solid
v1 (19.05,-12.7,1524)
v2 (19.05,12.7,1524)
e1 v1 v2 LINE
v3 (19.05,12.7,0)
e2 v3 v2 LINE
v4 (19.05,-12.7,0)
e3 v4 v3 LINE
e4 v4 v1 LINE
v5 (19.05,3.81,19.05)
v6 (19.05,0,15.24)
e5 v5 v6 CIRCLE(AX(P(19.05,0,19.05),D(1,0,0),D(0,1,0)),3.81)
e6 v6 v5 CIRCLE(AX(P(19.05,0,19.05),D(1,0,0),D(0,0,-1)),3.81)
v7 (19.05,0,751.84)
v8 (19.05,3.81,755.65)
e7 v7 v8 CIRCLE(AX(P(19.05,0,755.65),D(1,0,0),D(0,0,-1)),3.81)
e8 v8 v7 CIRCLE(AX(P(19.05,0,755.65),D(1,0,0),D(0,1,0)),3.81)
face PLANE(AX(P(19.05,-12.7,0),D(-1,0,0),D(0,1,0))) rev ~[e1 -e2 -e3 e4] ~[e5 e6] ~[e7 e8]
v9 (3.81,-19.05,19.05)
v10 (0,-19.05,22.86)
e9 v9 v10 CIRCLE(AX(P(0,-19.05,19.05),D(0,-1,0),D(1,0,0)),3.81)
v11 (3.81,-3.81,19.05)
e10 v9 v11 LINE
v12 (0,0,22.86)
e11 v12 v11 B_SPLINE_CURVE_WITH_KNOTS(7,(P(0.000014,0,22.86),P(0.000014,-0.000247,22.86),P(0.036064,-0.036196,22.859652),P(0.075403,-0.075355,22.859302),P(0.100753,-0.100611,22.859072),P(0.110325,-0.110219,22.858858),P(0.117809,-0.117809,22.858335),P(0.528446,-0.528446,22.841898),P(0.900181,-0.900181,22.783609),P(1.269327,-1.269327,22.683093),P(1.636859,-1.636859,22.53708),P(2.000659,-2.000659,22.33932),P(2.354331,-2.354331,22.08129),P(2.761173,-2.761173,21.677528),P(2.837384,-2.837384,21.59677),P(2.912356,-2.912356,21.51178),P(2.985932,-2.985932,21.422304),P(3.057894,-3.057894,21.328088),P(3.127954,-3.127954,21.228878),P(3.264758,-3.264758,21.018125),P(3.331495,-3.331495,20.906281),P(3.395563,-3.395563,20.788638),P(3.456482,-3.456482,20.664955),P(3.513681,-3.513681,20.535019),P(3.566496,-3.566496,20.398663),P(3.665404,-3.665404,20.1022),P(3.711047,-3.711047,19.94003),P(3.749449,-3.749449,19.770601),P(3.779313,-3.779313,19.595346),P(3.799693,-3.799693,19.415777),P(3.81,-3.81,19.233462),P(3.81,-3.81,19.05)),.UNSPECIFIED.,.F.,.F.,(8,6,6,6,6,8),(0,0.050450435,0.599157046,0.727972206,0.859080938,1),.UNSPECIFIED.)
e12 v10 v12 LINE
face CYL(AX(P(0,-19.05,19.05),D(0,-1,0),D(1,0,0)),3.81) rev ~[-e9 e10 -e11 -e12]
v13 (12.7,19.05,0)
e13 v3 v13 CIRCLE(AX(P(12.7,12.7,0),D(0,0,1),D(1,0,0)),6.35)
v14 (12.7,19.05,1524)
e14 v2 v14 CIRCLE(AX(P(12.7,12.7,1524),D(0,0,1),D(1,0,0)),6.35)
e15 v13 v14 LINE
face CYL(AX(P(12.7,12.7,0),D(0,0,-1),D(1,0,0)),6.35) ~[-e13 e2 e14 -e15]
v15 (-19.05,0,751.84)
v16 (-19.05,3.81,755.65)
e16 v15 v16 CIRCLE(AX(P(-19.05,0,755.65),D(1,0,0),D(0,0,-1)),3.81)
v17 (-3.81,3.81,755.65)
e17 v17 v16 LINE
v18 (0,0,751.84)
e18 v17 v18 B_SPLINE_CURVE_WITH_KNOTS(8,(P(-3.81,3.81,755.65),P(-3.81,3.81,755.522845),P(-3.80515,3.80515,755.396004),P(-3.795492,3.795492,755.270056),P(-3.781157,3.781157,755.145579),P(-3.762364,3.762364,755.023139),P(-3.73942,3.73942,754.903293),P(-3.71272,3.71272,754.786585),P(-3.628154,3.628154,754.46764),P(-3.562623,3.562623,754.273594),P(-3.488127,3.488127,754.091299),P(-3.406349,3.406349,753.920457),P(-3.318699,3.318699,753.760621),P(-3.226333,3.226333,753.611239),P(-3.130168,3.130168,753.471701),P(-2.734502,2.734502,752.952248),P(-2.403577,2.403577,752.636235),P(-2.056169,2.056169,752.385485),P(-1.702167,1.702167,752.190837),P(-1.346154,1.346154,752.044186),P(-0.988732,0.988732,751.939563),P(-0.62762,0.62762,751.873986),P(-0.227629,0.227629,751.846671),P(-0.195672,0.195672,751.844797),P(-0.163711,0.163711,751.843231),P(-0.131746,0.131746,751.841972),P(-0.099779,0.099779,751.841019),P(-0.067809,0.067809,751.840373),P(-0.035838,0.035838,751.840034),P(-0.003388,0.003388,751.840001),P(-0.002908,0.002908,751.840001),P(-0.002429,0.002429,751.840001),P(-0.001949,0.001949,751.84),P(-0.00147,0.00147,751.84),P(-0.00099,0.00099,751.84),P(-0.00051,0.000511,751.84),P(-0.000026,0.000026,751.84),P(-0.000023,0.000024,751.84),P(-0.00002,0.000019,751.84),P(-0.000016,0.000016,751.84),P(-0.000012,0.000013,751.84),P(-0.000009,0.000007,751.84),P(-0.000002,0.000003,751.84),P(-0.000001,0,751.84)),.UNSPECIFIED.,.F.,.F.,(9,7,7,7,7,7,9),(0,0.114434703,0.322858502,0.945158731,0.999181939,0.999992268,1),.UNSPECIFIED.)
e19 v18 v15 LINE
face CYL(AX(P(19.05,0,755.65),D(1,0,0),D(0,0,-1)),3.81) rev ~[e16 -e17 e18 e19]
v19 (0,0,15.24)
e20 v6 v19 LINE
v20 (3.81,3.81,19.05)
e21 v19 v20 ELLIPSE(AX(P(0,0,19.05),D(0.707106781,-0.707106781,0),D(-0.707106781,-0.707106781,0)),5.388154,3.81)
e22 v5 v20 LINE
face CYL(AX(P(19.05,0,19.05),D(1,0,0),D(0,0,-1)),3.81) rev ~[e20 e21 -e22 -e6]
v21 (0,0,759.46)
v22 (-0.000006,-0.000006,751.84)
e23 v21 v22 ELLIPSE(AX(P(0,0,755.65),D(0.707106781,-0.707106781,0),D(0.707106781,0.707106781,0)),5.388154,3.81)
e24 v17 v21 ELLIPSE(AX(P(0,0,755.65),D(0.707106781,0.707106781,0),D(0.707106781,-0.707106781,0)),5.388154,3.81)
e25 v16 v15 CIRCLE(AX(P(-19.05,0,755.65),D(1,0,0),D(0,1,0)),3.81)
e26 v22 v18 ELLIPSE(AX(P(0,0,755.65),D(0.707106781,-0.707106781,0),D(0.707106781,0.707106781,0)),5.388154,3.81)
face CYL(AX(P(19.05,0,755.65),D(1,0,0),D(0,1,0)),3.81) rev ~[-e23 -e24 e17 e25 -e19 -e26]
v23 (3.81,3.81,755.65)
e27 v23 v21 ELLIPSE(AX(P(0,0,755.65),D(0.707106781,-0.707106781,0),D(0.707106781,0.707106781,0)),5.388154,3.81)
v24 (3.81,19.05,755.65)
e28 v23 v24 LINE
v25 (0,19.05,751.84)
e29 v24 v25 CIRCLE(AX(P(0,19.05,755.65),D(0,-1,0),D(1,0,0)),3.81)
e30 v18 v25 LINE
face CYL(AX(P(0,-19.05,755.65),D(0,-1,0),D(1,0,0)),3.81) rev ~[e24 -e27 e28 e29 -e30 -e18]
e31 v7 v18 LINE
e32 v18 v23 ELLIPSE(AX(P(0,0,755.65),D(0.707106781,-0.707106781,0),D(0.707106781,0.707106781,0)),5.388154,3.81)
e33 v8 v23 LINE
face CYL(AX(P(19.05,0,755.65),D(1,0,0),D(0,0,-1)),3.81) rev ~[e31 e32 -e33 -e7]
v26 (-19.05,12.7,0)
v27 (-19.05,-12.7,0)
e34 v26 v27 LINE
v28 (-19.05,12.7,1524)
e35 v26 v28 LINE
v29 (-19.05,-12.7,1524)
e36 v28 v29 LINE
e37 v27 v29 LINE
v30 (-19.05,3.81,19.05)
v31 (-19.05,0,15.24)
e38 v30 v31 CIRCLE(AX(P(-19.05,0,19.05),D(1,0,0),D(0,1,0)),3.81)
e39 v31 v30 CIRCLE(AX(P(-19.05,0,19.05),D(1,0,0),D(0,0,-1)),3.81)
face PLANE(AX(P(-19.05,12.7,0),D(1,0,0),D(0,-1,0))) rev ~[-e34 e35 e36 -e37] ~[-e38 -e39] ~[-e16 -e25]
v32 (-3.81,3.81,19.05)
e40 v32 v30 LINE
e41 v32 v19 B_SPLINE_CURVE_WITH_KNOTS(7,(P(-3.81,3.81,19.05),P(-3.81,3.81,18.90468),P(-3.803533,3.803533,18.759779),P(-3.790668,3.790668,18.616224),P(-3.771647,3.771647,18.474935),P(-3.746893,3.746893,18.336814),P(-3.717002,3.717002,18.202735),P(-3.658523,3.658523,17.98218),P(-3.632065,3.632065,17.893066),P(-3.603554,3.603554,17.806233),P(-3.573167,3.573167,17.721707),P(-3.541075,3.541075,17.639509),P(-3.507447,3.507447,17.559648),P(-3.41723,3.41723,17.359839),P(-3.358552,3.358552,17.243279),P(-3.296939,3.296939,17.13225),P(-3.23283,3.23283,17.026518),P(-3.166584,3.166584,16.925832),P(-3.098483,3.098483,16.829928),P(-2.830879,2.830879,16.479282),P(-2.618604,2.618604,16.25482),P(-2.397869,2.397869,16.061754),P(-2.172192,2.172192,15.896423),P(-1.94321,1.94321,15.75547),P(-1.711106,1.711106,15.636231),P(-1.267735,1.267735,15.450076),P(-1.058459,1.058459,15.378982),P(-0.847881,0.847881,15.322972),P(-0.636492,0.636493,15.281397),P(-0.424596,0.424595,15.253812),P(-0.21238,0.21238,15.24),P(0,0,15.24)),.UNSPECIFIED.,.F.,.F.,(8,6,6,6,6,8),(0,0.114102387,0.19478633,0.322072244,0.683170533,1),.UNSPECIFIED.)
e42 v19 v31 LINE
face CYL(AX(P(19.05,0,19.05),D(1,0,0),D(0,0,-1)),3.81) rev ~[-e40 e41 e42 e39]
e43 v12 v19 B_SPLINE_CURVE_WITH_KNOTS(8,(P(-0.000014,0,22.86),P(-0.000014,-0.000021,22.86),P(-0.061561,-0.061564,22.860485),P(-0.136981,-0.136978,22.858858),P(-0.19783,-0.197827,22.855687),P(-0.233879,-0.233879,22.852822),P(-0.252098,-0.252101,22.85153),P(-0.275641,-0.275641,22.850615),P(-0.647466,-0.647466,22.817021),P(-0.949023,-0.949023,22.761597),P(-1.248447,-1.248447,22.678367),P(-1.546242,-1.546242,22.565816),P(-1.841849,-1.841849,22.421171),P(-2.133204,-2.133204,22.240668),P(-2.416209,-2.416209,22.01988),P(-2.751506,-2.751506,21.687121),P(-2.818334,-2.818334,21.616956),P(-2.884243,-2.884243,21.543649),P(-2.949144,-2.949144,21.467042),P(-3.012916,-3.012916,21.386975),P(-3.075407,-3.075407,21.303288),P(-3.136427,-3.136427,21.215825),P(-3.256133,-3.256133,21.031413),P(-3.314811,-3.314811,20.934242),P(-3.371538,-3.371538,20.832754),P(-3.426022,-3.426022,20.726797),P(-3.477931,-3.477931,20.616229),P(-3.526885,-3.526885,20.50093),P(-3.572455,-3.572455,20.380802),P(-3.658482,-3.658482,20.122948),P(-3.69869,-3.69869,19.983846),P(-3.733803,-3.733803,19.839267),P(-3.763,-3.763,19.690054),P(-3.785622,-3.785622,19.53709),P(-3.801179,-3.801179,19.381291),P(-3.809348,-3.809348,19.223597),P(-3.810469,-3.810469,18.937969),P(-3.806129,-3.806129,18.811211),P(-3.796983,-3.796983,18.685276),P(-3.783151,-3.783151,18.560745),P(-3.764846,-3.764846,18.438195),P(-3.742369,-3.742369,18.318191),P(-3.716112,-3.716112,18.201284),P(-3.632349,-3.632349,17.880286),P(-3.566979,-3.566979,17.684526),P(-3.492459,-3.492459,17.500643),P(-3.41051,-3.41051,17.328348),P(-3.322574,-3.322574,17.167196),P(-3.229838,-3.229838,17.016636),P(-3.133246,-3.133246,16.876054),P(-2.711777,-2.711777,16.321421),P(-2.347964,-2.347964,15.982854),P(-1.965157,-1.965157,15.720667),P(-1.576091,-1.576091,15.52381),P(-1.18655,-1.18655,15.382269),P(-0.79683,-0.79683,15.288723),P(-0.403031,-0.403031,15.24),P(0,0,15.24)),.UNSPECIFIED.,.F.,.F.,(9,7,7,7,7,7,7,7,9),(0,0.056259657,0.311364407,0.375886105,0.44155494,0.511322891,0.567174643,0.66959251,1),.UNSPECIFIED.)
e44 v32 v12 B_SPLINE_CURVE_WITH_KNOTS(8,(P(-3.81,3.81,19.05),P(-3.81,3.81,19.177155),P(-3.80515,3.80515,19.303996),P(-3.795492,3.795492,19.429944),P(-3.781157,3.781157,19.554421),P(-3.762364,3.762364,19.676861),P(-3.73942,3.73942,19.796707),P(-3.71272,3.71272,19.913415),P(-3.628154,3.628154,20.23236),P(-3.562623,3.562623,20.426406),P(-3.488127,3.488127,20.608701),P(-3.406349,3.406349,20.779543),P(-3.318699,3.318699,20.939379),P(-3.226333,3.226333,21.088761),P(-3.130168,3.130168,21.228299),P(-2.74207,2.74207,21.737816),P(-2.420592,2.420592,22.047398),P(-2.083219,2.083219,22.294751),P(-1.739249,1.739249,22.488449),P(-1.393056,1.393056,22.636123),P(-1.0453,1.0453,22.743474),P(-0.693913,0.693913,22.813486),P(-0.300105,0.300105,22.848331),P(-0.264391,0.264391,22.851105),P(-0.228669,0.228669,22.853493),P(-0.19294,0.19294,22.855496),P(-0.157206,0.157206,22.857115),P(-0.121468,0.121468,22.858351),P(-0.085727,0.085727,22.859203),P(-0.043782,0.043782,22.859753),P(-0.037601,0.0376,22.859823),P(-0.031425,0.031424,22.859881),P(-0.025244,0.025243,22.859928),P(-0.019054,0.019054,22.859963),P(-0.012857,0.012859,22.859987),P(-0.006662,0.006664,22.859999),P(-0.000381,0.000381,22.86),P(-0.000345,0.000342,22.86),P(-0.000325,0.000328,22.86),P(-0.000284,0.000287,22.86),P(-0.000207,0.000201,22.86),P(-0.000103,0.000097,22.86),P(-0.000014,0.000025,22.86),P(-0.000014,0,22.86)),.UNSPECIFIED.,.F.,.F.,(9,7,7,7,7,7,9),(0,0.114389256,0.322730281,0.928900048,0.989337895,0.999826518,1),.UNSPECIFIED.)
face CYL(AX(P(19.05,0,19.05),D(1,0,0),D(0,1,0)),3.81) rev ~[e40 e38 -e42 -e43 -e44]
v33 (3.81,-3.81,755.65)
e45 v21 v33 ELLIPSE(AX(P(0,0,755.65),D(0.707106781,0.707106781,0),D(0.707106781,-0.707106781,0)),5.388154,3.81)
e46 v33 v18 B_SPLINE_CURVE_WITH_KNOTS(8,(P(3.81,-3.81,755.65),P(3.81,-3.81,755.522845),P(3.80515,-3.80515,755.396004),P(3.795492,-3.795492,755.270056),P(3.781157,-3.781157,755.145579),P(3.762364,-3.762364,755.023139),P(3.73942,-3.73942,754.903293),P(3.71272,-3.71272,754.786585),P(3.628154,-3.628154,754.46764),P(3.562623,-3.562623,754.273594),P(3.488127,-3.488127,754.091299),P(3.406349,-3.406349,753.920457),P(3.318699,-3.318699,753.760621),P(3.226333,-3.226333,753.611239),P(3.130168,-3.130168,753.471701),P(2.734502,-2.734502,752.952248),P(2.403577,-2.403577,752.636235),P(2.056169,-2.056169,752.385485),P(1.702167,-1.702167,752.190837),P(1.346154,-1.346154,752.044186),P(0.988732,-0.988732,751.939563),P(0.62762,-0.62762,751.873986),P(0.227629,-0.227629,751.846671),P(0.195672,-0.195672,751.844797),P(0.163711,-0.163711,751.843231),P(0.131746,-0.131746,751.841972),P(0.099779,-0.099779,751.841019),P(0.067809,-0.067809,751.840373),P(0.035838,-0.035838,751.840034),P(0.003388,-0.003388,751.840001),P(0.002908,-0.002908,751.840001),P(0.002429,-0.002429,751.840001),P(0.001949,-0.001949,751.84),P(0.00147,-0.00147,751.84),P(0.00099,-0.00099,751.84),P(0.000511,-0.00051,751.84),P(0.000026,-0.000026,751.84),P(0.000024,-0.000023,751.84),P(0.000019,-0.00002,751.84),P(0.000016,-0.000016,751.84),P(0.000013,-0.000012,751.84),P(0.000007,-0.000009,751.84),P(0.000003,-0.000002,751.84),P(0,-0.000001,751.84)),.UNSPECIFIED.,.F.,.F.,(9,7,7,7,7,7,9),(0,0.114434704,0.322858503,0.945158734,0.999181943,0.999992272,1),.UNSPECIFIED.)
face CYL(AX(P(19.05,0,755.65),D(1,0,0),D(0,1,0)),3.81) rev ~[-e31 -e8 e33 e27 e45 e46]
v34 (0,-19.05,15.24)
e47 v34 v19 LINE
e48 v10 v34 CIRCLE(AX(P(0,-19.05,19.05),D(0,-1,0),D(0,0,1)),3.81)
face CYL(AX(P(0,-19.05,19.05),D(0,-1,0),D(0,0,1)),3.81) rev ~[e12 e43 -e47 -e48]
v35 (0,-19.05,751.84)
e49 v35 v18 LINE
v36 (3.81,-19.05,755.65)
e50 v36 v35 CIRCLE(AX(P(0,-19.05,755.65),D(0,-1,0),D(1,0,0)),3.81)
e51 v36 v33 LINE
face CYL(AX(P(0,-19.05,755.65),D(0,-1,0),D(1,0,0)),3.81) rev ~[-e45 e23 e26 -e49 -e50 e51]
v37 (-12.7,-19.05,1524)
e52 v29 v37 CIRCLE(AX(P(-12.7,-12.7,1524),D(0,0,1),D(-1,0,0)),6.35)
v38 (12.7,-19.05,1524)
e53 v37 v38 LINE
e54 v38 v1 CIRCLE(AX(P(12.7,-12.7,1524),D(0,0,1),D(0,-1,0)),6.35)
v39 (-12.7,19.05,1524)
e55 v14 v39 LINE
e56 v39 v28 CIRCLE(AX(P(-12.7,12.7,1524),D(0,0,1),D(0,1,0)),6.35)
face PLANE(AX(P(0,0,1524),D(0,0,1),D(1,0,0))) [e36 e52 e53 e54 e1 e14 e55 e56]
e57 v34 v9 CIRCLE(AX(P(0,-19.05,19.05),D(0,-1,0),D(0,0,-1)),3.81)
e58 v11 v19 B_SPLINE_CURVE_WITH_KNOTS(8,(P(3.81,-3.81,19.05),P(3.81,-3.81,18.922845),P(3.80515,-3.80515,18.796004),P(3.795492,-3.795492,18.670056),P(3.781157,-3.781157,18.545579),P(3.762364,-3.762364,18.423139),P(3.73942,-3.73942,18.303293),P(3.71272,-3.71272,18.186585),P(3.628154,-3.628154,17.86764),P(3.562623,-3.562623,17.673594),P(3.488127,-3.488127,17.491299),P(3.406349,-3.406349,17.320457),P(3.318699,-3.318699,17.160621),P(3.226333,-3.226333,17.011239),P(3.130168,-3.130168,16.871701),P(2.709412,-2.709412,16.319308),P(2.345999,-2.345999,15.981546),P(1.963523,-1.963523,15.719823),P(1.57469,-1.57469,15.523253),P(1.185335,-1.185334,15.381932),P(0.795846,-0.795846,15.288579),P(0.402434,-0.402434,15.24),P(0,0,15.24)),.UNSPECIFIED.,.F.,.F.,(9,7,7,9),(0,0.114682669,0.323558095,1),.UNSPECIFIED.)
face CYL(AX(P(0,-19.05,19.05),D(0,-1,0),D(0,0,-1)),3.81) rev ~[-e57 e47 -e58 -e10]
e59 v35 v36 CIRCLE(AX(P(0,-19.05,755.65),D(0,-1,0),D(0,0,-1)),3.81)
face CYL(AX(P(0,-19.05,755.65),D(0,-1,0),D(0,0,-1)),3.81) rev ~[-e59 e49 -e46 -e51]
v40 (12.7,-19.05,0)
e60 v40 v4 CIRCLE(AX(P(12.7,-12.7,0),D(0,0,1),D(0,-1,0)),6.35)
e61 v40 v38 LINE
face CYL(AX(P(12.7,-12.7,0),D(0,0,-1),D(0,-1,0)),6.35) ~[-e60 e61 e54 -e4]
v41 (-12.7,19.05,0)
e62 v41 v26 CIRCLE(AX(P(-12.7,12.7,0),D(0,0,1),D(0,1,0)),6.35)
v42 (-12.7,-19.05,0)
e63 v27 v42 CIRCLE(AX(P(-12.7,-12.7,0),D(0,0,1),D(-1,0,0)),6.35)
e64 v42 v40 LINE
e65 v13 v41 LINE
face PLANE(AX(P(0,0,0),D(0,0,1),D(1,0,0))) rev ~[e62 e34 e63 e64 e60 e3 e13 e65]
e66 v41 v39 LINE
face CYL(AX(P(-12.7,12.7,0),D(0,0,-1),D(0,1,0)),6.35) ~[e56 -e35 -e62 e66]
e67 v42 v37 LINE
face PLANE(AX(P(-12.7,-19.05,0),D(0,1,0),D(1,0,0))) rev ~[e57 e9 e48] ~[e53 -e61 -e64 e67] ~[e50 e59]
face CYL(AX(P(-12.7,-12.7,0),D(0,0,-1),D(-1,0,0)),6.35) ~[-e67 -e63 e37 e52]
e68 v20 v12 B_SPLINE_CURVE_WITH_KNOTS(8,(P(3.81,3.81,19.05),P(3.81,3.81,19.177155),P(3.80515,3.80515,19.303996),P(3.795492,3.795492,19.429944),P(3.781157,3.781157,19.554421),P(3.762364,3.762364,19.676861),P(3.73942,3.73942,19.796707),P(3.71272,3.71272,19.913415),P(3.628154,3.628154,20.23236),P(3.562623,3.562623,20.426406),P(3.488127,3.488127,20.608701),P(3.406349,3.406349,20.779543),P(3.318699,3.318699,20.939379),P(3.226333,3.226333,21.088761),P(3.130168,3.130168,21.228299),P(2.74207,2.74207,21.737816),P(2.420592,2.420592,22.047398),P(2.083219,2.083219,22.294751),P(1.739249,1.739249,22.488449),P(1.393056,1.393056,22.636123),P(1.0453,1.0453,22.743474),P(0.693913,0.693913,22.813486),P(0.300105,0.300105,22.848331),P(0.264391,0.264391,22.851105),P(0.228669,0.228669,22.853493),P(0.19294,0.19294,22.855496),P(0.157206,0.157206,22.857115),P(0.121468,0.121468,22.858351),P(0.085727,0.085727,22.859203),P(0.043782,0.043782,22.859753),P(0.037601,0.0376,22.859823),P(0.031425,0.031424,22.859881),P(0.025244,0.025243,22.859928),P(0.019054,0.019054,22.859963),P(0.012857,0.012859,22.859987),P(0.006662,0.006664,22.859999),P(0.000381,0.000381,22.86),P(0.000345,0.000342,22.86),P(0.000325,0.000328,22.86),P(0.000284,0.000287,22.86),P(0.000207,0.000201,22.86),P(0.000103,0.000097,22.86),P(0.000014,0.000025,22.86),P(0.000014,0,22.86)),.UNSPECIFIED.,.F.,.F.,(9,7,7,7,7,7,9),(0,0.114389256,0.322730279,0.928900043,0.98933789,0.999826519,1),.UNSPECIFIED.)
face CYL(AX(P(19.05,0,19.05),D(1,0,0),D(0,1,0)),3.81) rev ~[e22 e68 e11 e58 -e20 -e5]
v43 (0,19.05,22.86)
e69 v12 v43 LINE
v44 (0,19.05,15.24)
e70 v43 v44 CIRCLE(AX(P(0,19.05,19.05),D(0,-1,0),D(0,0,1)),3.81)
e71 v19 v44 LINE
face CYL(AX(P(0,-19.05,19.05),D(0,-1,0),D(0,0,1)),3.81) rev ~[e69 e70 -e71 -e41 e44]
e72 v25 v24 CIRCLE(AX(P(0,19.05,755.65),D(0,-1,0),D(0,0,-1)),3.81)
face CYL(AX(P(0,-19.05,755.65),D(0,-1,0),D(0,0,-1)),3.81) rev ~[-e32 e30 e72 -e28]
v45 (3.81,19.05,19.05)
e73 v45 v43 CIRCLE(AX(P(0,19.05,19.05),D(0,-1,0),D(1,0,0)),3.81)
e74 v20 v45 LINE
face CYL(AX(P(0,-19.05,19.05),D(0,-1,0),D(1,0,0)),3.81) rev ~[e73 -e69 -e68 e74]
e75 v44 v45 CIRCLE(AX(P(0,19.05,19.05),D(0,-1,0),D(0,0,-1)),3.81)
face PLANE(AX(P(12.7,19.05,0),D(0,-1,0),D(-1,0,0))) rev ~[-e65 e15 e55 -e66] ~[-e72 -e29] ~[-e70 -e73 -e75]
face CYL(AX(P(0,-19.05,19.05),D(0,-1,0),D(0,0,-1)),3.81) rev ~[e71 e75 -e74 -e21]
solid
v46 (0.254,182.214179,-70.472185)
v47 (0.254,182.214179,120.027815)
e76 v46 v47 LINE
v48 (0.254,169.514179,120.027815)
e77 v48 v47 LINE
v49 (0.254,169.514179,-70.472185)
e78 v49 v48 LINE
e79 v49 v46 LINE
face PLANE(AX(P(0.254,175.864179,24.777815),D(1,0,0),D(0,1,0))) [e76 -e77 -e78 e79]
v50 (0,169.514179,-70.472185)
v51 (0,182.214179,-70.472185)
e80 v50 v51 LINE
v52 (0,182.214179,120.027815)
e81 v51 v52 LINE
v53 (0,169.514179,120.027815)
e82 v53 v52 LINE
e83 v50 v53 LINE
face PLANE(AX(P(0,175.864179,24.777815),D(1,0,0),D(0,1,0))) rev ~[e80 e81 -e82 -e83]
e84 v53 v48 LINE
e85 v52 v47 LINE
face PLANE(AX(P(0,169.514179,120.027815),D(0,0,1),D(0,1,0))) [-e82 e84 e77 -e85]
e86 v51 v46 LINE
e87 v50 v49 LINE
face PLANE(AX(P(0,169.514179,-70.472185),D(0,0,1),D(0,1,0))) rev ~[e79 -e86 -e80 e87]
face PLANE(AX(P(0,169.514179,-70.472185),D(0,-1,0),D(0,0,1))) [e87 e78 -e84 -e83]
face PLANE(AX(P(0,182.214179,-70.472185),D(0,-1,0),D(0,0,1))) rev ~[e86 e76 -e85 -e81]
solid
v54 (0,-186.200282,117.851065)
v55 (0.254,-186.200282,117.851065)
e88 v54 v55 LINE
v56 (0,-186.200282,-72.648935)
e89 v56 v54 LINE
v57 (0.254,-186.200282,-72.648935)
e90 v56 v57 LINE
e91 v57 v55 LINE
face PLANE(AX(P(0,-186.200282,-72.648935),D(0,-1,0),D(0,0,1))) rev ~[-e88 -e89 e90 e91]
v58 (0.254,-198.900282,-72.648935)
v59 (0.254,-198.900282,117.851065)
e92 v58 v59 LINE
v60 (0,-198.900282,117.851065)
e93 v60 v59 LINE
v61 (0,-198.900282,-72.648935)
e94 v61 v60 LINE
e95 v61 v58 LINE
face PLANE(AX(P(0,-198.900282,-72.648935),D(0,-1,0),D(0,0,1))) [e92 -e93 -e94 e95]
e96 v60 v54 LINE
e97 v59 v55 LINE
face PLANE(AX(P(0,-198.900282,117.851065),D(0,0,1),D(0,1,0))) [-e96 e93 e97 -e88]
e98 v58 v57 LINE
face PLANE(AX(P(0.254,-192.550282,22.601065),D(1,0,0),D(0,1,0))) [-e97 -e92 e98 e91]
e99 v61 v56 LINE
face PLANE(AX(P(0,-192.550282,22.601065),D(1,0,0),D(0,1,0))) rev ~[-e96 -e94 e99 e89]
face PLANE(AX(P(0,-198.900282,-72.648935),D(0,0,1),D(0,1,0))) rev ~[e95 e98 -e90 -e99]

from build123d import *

# Parameters (mm, degrees)
F1_DEPTH  = 1524
F2_W      = 12.7
F2_H      = 190.5
F4_DEPTH  = 0.254
F3_W      = 12.7
F3_H      = 190.5
F5_DEPTH  = 0.254
F7_DEPTH  = 38.1
F9_DEPTH  = 38.1
F10_DEPTH = 38.1
F12_DEPTH = 38.1


with BuildPart() as f1:
    # F0 (on Top) → F1 (new body)
    with BuildSketch(Plane.XY):
        with BuildLine():
            ThreePointArc((19.05, 12.7), (17.1901280605, 17.1901280605), (12.7, 19.05))
            Line((12.7, 19.05), (-12.7, 19.05))
            ThreePointArc((-12.7, 19.05), (-17.1901280605, 17.1901280605), (-19.05, 12.7))
            Line((-19.05, 12.7), (-19.05, -12.7))
            ThreePointArc((-19.05, -12.7), (-17.1901280605, -17.1901280605), (-12.7, -19.05))
            Line((-12.7, -19.05), (12.7, -19.05))
            ThreePointArc((12.7, -19.05), (17.1901280605, -17.1901280605), (19.05, -12.7))
            Line((19.05, -12.7), (19.05, 12.7))
        make_face()
    extrude(amount=F1_DEPTH)

    # F6 (on face) → F7 (cut)
    with BuildSketch(Plane.YZ.offset(19.05)):
        with BuildLine():
            ThreePointArc((0, 751.84), (2.6940768363, 752.9559231637), (3.81, 755.65))
            ThreePointArc((3.81, 755.65), (-2.6940768363, 758.3440768363), (0, 751.84))
        make_face()
    extrude(amount=-F7_DEPTH, mode=Mode.SUBTRACT)

    # F8 (on face) → F9 (cut)
    with BuildSketch(Plane.XZ.offset(19.05)):
        with BuildLine():
            ThreePointArc((0, 22.86), (-3.81, 19.05), (0, 15.24))
            Line((0, 15.24), (0, 19.05))
            Line((0, 19.05), (0, 22.86))
        make_face()
        with BuildLine():
            ThreePointArc((3.81, 755.65), (-2.6940768363, 758.3440768363), (0, 751.84))
            ThreePointArc((0, 751.84), (2.6940768363, 752.9559231637), (3.81, 755.65))
        make_face()
        with BuildLine():
            Line((0, 19.05), (0, 15.24))
            ThreePointArc((0, 15.24), (2.6940768363, 16.3559231637), (3.81, 19.05))
            ThreePointArc((3.81, 19.05), (2.6940768363, 21.7440768363), (0, 22.86))
            Line((0, 22.86), (0, 19.05))
        make_face()
    extrude(amount=-F9_DEPTH, mode=Mode.SUBTRACT)

    # F8 (on face) → F10 (cut)
    with BuildSketch(Plane.XZ.offset(19.05)):
        with BuildLine():
            ThreePointArc((0, 22.86), (-3.81, 19.05), (0, 15.24))
            Line((0, 15.24), (0, 19.05))
            Line((0, 19.05), (0, 22.86))
        make_face()
        with BuildLine():
            ThreePointArc((3.81, 755.65), (-2.6940768363, 758.3440768363), (0, 751.84))
            ThreePointArc((0, 751.84), (2.6940768363, 752.9559231637), (3.81, 755.65))
        make_face()
        with BuildLine():
            Line((0, 19.05), (0, 15.24))
            ThreePointArc((0, 15.24), (2.6940768363, 16.3559231637), (3.81, 19.05))
            ThreePointArc((3.81, 19.05), (2.6940768363, 21.7440768363), (0, 22.86))
            Line((0, 22.86), (0, 19.05))
        make_face()
    extrude(amount=-F10_DEPTH, mode=Mode.SUBTRACT)

    # F11 (on face) → F12 (cut)
    with BuildSketch(Plane.YZ.offset(19.05)):
        with BuildLine():
            ThreePointArc((0, 15.24), (2.6940768363, 16.3559231637), (3.81, 19.05))
            ThreePointArc((3.81, 19.05), (-2.6940768363, 21.7440768363), (0, 15.24))
        make_face()
    extrude(amount=-F12_DEPTH, mode=Mode.SUBTRACT)


with BuildPart() as f4:
    # F2 (on Right) → F4 (new body)
    with BuildSketch(Plane.YZ):
        with Locations((-192.550282383, 22.60106498)):
            Rectangle(F2_W, F2_H)
    extrude(amount=F4_DEPTH)


with BuildPart() as f5:
    # F3 (on Right) → F5 (new body)
    with BuildSketch(Plane.YZ):
        with Locations((175.8641792297, 24.7778154314)):
            Rectangle(F3_W, F3_H)
    extrude(amount=F5_DEPTH)


solid = Compound([f1.part, f4.part, f5.part])
